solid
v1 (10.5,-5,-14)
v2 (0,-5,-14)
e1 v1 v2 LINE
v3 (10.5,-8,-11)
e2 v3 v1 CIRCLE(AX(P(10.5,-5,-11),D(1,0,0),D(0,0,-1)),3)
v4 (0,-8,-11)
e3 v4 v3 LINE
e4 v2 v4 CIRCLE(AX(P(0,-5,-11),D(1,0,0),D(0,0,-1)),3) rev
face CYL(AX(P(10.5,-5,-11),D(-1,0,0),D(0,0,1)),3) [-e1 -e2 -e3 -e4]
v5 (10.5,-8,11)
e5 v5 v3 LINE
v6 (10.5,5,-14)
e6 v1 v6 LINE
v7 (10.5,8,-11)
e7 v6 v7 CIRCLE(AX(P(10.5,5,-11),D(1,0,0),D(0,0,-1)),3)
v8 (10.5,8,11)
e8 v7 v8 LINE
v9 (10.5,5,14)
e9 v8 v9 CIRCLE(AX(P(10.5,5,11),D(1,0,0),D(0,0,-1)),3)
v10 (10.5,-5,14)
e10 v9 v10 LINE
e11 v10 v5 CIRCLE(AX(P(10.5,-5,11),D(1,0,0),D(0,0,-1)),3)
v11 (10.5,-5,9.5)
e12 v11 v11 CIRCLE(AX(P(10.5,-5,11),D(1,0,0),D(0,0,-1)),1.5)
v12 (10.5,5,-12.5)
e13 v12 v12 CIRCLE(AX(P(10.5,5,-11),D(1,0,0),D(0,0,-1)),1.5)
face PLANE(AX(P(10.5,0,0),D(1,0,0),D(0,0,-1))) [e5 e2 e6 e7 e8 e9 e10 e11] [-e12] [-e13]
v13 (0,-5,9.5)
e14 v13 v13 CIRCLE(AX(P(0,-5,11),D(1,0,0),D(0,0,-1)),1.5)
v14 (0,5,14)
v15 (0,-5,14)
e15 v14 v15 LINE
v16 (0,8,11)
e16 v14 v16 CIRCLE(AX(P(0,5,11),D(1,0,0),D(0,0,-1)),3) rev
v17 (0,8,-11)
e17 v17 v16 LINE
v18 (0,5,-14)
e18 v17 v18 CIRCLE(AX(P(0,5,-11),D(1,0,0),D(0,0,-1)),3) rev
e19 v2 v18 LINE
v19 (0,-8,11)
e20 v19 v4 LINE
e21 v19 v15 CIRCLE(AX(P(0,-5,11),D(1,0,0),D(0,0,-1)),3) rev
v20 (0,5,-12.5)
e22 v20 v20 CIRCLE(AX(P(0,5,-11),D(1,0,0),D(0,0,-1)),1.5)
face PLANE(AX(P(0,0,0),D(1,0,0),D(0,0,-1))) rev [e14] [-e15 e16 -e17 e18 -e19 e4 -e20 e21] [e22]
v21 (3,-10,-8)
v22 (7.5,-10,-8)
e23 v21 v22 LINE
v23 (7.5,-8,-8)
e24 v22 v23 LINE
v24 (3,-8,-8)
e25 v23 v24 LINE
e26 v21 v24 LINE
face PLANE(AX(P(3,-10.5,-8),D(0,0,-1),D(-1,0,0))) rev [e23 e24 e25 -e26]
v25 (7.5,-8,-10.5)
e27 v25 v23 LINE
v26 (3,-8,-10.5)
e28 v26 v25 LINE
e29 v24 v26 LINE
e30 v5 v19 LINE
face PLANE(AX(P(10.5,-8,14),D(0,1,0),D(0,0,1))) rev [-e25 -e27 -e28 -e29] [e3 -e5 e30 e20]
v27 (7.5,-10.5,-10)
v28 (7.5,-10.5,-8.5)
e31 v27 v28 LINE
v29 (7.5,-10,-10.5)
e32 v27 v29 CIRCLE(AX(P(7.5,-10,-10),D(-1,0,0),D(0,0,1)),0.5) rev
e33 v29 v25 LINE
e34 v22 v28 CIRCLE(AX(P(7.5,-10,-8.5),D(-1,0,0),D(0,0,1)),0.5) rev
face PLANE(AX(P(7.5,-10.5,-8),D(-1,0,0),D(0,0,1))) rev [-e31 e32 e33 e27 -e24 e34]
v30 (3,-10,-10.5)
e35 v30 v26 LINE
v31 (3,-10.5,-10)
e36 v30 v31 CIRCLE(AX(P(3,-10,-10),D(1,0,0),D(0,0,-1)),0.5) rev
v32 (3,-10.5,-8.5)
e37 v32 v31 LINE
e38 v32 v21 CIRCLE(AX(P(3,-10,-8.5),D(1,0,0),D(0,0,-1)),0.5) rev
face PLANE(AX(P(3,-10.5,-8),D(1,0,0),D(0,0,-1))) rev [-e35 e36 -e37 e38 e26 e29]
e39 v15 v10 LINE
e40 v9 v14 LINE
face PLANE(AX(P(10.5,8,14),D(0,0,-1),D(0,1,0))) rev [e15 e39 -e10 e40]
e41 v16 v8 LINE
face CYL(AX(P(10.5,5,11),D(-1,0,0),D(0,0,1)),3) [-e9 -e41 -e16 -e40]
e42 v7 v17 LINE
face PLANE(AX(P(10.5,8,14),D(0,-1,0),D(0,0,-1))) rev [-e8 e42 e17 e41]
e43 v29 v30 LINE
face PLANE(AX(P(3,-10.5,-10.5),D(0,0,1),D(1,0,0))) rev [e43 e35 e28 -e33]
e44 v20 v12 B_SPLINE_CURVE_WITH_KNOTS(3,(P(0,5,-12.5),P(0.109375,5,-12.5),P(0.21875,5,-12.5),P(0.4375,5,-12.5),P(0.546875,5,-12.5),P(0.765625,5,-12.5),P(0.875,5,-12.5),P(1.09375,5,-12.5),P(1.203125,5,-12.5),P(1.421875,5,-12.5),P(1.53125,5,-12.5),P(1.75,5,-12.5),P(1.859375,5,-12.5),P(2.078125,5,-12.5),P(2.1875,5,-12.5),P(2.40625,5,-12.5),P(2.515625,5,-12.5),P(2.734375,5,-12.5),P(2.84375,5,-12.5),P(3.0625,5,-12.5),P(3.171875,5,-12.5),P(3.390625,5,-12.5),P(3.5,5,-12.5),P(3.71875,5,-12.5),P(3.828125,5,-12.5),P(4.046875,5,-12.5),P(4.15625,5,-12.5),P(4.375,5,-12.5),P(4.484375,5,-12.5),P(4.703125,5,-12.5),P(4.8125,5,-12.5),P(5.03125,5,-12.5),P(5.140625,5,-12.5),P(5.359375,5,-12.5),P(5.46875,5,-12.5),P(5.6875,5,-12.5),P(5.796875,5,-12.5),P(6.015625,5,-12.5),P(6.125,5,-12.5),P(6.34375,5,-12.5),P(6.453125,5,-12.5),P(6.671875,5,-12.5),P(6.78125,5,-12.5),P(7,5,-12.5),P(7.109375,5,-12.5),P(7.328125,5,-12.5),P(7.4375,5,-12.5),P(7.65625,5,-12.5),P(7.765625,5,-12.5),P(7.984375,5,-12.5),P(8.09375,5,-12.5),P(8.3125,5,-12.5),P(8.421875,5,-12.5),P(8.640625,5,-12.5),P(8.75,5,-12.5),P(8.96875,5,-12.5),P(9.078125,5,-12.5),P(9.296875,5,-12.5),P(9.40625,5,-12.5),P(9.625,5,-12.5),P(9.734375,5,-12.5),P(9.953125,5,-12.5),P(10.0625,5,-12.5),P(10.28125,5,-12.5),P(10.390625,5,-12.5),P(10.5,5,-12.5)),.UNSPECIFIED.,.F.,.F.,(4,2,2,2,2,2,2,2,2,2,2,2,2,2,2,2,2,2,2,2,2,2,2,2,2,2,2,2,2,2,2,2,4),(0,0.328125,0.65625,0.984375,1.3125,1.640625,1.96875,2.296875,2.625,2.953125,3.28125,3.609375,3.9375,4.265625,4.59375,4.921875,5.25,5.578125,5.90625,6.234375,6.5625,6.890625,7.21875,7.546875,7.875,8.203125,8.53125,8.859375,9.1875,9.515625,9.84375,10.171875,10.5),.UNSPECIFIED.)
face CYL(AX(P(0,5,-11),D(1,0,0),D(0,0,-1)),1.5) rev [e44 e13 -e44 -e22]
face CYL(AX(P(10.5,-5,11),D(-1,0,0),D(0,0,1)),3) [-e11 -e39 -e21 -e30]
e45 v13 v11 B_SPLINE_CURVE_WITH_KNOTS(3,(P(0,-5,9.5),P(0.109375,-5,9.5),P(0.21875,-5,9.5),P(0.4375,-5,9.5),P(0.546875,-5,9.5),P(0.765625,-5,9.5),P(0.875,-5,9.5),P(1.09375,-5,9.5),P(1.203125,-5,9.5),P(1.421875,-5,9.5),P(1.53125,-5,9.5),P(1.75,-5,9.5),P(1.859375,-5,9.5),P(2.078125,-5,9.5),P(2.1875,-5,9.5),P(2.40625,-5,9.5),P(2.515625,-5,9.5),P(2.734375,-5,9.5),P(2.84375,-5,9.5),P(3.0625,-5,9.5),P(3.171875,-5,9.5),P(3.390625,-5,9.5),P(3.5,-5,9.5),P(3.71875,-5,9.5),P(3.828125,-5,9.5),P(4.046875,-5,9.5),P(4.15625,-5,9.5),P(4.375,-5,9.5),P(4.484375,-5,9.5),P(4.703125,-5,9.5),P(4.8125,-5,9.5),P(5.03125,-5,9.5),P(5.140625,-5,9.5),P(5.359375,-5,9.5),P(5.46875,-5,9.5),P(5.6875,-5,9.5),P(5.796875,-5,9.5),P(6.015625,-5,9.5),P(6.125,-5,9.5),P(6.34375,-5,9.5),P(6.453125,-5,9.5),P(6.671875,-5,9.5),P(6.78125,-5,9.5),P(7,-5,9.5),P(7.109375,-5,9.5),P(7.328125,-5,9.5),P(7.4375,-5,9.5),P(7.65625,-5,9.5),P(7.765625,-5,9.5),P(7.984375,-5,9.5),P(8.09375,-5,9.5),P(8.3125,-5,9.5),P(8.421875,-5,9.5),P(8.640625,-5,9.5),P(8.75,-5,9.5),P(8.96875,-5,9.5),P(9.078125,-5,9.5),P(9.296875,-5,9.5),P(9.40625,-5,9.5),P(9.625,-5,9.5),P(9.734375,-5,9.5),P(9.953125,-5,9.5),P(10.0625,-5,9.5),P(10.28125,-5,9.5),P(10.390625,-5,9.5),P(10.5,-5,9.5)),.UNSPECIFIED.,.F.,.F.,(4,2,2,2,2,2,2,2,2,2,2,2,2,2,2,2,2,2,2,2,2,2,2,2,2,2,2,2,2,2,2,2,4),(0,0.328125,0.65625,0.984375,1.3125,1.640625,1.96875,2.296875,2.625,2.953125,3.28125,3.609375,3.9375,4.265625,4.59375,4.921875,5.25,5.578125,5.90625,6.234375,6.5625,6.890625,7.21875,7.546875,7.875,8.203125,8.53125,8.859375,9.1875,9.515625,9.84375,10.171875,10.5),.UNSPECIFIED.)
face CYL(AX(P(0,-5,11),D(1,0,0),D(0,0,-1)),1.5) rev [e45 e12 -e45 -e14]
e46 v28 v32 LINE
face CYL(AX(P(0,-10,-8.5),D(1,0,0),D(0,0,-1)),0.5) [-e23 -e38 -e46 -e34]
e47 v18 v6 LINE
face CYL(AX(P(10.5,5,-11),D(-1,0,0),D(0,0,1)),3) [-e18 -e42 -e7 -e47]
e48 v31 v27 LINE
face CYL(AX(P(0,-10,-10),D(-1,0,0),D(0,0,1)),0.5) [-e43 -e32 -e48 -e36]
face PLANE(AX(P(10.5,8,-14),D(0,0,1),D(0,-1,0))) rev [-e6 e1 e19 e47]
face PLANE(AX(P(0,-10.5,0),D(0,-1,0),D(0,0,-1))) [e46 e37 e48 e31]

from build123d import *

# Parameters (mm, degrees)
SKETCH1_W           = 28
SKETCH1_H           = 16
BOSS_EXTRUDE1_DEPTH = 10.5
SKETCH2_R           = 1.5
CUT_EXTRUDE1_DEPTH  = 20.241881405
FILLET1_R           = 3
SKETCH3_W           = 4.5
SKETCH3_H           = 2.5
BOSS_EXTRUDE2_DEPTH = 2.5
FILLET2_R           = 0.5


with BuildPart() as part:
    # Sketch1 → Boss-Extrude1 (new body)
    with BuildSketch(Plane(origin=(0, 0, 0), x_dir=(0, 0, -1), z_dir=(1, 0, 0))):
        Rectangle(SKETCH1_W, SKETCH1_H)
    extrude(amount=BOSS_EXTRUDE1_DEPTH)

    # Sketch2 → Cut-Extrude1 (cut, through all)
    with BuildSketch(Plane(origin=(10.5, 0, 0), x_dir=(0, 0, -1), z_dir=(1, 0, 0))):
        with Locations((11, 5)):
            Circle(SKETCH2_R)
        with Locations((-11, -5)):
            Circle(SKETCH2_R)
    extrude(amount=-CUT_EXTRUDE1_DEPTH, mode=Mode.SUBTRACT)

    # Fillet1
    fillet1_edges = [part.edges().sort_by_distance(p)[0] for p in [
        (5.25, -8, -14),
        (5.25, -8, 14),
        (5.25, 8, 14),
        (5.25, 8, -14),
    ]]
    fillet(fillet1_edges, radius=FILLET1_R)

    # Sketch3 → Boss-Extrude2 (add)
    with BuildSketch(Plane.XZ.offset(8)):
        with Locations((5.25, -9.25)):
            Rectangle(SKETCH3_W, SKETCH3_H)
    extrude(amount=BOSS_EXTRUDE2_DEPTH)

    # Fillet2
    fillet2_edges = [part.edges().sort_by_distance(p)[0] for p in [
        (5.25, -10.5, -10.5),
        (5.25, -10.5, -8),
    ]]
    fillet(fillet2_edges, radius=FILLET2_R)


solid = part.part
